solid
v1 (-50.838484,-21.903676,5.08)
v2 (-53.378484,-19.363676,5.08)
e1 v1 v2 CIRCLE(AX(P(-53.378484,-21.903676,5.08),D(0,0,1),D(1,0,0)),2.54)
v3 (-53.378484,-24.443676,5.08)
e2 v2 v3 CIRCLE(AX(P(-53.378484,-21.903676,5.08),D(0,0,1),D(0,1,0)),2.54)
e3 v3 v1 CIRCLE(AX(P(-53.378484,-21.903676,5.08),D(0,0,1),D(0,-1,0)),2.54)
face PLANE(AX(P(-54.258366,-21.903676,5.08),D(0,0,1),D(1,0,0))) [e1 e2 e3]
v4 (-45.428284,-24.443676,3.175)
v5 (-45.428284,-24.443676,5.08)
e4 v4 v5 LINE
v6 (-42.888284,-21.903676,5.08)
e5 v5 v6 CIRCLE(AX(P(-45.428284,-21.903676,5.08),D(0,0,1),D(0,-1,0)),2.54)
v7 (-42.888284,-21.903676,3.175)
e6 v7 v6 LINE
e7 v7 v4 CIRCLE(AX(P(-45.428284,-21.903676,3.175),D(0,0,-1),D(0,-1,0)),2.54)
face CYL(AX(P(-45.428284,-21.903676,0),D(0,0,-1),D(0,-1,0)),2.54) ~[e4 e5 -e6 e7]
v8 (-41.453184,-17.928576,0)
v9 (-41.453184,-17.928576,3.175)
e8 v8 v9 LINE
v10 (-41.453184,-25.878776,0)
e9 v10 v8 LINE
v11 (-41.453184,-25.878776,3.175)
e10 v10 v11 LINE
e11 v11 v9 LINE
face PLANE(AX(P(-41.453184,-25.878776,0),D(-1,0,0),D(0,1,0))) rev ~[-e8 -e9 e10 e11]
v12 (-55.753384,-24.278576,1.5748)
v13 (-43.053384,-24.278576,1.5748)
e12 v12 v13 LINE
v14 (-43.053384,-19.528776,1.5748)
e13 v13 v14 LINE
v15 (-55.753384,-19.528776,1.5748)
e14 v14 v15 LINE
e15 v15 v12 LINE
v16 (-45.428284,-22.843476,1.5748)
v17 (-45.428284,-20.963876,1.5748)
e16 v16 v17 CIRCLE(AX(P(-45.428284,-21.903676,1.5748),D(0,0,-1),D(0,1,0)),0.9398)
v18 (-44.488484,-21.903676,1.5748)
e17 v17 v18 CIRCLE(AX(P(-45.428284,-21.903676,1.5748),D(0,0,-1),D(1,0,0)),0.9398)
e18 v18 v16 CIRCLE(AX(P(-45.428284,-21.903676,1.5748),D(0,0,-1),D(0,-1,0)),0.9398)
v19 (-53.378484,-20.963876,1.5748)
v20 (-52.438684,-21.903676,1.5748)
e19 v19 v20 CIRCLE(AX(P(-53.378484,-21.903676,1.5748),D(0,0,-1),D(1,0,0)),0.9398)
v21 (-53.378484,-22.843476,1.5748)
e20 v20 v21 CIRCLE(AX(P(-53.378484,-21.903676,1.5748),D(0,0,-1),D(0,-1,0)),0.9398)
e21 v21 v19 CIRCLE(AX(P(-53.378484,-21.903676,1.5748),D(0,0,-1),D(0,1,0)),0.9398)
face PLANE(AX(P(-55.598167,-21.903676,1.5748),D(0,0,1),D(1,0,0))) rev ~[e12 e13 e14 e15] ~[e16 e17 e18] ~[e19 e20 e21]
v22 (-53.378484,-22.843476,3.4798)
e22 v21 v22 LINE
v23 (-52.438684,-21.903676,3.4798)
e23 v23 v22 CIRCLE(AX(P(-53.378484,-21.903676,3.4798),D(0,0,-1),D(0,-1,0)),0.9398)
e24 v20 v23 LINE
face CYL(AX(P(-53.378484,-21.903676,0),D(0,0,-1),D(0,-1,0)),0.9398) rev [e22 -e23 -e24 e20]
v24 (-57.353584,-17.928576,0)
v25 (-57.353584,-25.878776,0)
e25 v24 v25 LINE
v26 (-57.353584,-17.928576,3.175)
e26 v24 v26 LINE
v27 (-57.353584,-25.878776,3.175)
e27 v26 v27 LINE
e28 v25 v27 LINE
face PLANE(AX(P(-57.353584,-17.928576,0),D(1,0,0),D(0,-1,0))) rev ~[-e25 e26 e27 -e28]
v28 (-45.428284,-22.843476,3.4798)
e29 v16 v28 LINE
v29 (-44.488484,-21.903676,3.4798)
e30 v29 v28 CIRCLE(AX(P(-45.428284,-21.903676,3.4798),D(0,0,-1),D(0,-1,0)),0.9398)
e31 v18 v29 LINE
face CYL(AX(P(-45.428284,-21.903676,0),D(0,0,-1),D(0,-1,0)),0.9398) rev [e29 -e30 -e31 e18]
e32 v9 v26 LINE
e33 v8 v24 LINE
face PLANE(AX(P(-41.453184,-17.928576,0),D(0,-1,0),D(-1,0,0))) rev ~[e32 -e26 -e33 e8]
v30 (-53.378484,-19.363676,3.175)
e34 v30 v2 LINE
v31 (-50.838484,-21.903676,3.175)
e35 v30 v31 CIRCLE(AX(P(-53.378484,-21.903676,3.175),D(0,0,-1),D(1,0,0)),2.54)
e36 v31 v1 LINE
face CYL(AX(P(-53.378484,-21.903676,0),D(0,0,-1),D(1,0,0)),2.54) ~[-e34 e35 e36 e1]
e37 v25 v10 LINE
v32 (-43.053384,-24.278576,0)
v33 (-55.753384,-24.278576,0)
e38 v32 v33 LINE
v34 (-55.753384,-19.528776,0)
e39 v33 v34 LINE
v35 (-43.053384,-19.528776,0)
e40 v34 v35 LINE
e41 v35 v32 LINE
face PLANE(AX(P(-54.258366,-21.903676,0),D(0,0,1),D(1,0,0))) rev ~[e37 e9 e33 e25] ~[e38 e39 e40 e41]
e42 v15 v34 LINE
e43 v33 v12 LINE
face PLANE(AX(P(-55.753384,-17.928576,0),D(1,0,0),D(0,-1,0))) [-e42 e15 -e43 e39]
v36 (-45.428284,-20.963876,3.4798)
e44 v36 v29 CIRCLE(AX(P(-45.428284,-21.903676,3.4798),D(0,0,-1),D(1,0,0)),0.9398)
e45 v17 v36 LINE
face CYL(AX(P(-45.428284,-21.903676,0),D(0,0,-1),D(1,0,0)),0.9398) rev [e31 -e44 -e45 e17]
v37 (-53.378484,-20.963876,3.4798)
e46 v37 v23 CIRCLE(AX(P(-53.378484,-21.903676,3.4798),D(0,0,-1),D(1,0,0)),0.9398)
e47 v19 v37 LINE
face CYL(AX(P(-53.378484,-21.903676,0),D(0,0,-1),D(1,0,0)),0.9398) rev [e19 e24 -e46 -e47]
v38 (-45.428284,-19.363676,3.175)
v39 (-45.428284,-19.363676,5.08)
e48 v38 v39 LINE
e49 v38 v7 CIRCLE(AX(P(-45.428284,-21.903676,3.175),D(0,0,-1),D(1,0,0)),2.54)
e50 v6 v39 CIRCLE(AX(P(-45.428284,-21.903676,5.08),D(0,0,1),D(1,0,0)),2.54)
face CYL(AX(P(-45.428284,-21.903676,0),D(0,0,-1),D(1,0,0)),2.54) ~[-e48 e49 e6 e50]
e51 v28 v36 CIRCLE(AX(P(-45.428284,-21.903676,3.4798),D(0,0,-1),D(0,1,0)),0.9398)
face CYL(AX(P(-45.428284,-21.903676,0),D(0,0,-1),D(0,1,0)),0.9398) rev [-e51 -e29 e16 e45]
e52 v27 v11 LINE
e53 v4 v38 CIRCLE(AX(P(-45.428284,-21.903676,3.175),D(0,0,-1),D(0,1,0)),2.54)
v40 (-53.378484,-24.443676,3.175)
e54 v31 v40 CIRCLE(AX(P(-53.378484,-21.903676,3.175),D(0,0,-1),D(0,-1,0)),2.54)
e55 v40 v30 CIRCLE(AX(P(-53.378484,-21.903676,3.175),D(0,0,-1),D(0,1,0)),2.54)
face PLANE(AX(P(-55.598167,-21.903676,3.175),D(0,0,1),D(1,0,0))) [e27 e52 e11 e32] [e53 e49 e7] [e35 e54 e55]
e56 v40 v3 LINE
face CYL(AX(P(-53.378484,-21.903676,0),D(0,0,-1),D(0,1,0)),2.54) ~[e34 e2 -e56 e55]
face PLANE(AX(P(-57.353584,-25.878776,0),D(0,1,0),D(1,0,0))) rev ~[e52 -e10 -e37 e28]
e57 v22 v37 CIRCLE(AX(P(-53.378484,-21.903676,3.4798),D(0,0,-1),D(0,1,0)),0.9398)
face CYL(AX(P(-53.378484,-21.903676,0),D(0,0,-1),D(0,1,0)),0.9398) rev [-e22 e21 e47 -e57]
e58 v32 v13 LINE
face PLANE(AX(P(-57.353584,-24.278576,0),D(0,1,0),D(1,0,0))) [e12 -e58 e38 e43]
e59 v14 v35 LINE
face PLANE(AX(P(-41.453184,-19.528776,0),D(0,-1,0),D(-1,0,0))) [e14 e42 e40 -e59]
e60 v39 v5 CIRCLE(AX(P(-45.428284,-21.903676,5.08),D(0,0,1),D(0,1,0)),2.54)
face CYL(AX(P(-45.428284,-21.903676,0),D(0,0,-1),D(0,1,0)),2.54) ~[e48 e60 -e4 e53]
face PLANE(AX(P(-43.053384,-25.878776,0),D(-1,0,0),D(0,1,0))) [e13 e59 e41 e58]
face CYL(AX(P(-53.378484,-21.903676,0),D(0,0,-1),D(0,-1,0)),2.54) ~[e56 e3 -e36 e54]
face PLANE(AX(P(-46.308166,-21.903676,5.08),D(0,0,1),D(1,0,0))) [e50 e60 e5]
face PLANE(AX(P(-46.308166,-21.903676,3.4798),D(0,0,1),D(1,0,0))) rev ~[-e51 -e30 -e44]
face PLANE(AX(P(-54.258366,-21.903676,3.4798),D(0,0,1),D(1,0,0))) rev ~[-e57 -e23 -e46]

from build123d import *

# Parameters (mm, degrees)
F1_DEPTH = 3.175
F2_DEPTH = 5.08
F3_T     = -1.6002


with BuildPart() as f1:
    # F0 (on Top) → F1 (new body)
    with BuildSketch(Plane.XY):
        with BuildLine():
            Line((-53.3784843279, -17.9285755823), (-57.3535843279, -17.9285755823))
            Line((-57.3535843279, -17.9285755823), (-57.3535843279, -25.8787755823))
            Line((-57.3535843279, -25.8787755823), (-53.3784843279, -25.8787755823))
            Line((-53.3784843279, -25.8787755823), (-53.3784843279, -24.4436755823))
            ThreePointArc((-53.3784843279, -24.4436755823), (-55.9184843279, -21.9036755823), (-53.3784843279, -19.3636755823))
            Line((-53.3784843279, -19.3636755823), (-53.3784843279, -17.9285755823))
        make_face()
        with BuildLine():
            Line((-45.4282843279, -17.9285755823), (-53.3784843279, -17.9285755823))
            Line((-53.3784843279, -17.9285755823), (-53.3784843279, -19.3636755823))
            ThreePointArc((-53.3784843279, -19.3636755823), (-51.5824331037, -20.1076243581), (-50.8384843279, -21.9036755823))
            ThreePointArc((-50.8384843279, -21.9036755823), (-51.5824331037, -23.6997268065), (-53.3784843279, -24.4436755823))
            Line((-53.3784843279, -24.4436755823), (-53.3784843279, -25.8787755823))
            Line((-53.3784843279, -25.8787755823), (-45.4282843279, -25.8787755823))
            Line((-45.4282843279, -25.8787755823), (-45.4282843279, -24.4436755823))
            ThreePointArc((-45.4282843279, -24.4436755823), (-47.9682843279, -21.9036755823), (-45.4282843279, -19.3636755823))
            Line((-45.4282843279, -19.3636755823), (-45.4282843279, -17.9285755823))
        make_face()
        with BuildLine():
            Line((-41.4531843279, -17.9285755823), (-45.4282843279, -17.9285755823))
            Line((-45.4282843279, -17.9285755823), (-45.4282843279, -19.3636755823))
            ThreePointArc((-45.4282843279, -19.3636755823), (-43.6322331037, -20.1076243581), (-42.8882843279, -21.9036755823))
            ThreePointArc((-42.8882843279, -21.9036755823), (-43.6322331037, -23.6997268065), (-45.4282843279, -24.4436755823))
            Line((-45.4282843279, -24.4436755823), (-45.4282843279, -25.8787755823))
            Line((-45.4282843279, -25.8787755823), (-41.4531843279, -25.8787755823))
            Line((-41.4531843279, -25.8787755823), (-41.4531843279, -17.9285755823))
        make_face()
        with BuildLine():
            Line((-45.4282843279, -24.4436755823), (-45.4282843279, -19.3636755823))
            ThreePointArc((-45.4282843279, -19.3636755823), (-47.9682843279, -21.9036755823), (-45.4282843279, -24.4436755823))
        make_face()
        with BuildLine():
            ThreePointArc((-42.8882843279, -21.9036755823), (-43.6322331037, -20.1076243581), (-45.4282843279, -19.3636755823))
            Line((-45.4282843279, -19.3636755823), (-45.4282843279, -24.4436755823))
            ThreePointArc((-45.4282843279, -24.4436755823), (-43.6322331037, -23.6997268065), (-42.8882843279, -21.9036755823))
        make_face()
        with BuildLine():
            ThreePointArc((-50.8384843279, -21.9036755823), (-51.5824331037, -20.1076243581), (-53.3784843279, -19.3636755823))
            Line((-53.3784843279, -19.3636755823), (-53.3784843279, -24.4436755823))
            ThreePointArc((-53.3784843279, -24.4436755823), (-51.5824331037, -23.6997268065), (-50.8384843279, -21.9036755823))
        make_face()
        with BuildLine():
            Line((-53.3784843279, -24.4436755823), (-53.3784843279, -19.3636755823))
            ThreePointArc((-53.3784843279, -19.3636755823), (-55.9184843279, -21.9036755823), (-53.3784843279, -24.4436755823))
        make_face()
    extrude(amount=F1_DEPTH)

    # F0 (on Top) → F2 (join)
    with BuildSketch(Plane.XY):
        with BuildLine():
            Line((-53.3784843279, -24.4436755823), (-53.3784843279, -19.3636755823))
            ThreePointArc((-53.3784843279, -19.3636755823), (-55.9184843279, -21.9036755823), (-53.3784843279, -24.4436755823))
        make_face()
        with BuildLine():
            ThreePointArc((-50.8384843279, -21.9036755823), (-51.5824331037, -20.1076243581), (-53.3784843279, -19.3636755823))
            Line((-53.3784843279, -19.3636755823), (-53.3784843279, -24.4436755823))
            ThreePointArc((-53.3784843279, -24.4436755823), (-51.5824331037, -23.6997268065), (-50.8384843279, -21.9036755823))
        make_face()
        with BuildLine():
            Line((-45.4282843279, -24.4436755823), (-45.4282843279, -19.3636755823))
            ThreePointArc((-45.4282843279, -19.3636755823), (-47.9682843279, -21.9036755823), (-45.4282843279, -24.4436755823))
        make_face()
        with BuildLine():
            ThreePointArc((-42.8882843279, -21.9036755823), (-43.6322331037, -20.1076243581), (-45.4282843279, -19.3636755823))
            Line((-45.4282843279, -19.3636755823), (-45.4282843279, -24.4436755823))
            ThreePointArc((-45.4282843279, -24.4436755823), (-43.6322331037, -23.6997268065), (-42.8882843279, -21.9036755823))
        make_face()
    extrude(amount=F2_DEPTH)

    # F3
    f3_openings = [f1.faces().sort_by_distance(p)[0] for p in [
        (-49.403384, -21.903676, 0),
    ]]
    offset(amount=F3_T, openings=f3_openings, kind=Kind.INTERSECTION)


solid = f1.part
